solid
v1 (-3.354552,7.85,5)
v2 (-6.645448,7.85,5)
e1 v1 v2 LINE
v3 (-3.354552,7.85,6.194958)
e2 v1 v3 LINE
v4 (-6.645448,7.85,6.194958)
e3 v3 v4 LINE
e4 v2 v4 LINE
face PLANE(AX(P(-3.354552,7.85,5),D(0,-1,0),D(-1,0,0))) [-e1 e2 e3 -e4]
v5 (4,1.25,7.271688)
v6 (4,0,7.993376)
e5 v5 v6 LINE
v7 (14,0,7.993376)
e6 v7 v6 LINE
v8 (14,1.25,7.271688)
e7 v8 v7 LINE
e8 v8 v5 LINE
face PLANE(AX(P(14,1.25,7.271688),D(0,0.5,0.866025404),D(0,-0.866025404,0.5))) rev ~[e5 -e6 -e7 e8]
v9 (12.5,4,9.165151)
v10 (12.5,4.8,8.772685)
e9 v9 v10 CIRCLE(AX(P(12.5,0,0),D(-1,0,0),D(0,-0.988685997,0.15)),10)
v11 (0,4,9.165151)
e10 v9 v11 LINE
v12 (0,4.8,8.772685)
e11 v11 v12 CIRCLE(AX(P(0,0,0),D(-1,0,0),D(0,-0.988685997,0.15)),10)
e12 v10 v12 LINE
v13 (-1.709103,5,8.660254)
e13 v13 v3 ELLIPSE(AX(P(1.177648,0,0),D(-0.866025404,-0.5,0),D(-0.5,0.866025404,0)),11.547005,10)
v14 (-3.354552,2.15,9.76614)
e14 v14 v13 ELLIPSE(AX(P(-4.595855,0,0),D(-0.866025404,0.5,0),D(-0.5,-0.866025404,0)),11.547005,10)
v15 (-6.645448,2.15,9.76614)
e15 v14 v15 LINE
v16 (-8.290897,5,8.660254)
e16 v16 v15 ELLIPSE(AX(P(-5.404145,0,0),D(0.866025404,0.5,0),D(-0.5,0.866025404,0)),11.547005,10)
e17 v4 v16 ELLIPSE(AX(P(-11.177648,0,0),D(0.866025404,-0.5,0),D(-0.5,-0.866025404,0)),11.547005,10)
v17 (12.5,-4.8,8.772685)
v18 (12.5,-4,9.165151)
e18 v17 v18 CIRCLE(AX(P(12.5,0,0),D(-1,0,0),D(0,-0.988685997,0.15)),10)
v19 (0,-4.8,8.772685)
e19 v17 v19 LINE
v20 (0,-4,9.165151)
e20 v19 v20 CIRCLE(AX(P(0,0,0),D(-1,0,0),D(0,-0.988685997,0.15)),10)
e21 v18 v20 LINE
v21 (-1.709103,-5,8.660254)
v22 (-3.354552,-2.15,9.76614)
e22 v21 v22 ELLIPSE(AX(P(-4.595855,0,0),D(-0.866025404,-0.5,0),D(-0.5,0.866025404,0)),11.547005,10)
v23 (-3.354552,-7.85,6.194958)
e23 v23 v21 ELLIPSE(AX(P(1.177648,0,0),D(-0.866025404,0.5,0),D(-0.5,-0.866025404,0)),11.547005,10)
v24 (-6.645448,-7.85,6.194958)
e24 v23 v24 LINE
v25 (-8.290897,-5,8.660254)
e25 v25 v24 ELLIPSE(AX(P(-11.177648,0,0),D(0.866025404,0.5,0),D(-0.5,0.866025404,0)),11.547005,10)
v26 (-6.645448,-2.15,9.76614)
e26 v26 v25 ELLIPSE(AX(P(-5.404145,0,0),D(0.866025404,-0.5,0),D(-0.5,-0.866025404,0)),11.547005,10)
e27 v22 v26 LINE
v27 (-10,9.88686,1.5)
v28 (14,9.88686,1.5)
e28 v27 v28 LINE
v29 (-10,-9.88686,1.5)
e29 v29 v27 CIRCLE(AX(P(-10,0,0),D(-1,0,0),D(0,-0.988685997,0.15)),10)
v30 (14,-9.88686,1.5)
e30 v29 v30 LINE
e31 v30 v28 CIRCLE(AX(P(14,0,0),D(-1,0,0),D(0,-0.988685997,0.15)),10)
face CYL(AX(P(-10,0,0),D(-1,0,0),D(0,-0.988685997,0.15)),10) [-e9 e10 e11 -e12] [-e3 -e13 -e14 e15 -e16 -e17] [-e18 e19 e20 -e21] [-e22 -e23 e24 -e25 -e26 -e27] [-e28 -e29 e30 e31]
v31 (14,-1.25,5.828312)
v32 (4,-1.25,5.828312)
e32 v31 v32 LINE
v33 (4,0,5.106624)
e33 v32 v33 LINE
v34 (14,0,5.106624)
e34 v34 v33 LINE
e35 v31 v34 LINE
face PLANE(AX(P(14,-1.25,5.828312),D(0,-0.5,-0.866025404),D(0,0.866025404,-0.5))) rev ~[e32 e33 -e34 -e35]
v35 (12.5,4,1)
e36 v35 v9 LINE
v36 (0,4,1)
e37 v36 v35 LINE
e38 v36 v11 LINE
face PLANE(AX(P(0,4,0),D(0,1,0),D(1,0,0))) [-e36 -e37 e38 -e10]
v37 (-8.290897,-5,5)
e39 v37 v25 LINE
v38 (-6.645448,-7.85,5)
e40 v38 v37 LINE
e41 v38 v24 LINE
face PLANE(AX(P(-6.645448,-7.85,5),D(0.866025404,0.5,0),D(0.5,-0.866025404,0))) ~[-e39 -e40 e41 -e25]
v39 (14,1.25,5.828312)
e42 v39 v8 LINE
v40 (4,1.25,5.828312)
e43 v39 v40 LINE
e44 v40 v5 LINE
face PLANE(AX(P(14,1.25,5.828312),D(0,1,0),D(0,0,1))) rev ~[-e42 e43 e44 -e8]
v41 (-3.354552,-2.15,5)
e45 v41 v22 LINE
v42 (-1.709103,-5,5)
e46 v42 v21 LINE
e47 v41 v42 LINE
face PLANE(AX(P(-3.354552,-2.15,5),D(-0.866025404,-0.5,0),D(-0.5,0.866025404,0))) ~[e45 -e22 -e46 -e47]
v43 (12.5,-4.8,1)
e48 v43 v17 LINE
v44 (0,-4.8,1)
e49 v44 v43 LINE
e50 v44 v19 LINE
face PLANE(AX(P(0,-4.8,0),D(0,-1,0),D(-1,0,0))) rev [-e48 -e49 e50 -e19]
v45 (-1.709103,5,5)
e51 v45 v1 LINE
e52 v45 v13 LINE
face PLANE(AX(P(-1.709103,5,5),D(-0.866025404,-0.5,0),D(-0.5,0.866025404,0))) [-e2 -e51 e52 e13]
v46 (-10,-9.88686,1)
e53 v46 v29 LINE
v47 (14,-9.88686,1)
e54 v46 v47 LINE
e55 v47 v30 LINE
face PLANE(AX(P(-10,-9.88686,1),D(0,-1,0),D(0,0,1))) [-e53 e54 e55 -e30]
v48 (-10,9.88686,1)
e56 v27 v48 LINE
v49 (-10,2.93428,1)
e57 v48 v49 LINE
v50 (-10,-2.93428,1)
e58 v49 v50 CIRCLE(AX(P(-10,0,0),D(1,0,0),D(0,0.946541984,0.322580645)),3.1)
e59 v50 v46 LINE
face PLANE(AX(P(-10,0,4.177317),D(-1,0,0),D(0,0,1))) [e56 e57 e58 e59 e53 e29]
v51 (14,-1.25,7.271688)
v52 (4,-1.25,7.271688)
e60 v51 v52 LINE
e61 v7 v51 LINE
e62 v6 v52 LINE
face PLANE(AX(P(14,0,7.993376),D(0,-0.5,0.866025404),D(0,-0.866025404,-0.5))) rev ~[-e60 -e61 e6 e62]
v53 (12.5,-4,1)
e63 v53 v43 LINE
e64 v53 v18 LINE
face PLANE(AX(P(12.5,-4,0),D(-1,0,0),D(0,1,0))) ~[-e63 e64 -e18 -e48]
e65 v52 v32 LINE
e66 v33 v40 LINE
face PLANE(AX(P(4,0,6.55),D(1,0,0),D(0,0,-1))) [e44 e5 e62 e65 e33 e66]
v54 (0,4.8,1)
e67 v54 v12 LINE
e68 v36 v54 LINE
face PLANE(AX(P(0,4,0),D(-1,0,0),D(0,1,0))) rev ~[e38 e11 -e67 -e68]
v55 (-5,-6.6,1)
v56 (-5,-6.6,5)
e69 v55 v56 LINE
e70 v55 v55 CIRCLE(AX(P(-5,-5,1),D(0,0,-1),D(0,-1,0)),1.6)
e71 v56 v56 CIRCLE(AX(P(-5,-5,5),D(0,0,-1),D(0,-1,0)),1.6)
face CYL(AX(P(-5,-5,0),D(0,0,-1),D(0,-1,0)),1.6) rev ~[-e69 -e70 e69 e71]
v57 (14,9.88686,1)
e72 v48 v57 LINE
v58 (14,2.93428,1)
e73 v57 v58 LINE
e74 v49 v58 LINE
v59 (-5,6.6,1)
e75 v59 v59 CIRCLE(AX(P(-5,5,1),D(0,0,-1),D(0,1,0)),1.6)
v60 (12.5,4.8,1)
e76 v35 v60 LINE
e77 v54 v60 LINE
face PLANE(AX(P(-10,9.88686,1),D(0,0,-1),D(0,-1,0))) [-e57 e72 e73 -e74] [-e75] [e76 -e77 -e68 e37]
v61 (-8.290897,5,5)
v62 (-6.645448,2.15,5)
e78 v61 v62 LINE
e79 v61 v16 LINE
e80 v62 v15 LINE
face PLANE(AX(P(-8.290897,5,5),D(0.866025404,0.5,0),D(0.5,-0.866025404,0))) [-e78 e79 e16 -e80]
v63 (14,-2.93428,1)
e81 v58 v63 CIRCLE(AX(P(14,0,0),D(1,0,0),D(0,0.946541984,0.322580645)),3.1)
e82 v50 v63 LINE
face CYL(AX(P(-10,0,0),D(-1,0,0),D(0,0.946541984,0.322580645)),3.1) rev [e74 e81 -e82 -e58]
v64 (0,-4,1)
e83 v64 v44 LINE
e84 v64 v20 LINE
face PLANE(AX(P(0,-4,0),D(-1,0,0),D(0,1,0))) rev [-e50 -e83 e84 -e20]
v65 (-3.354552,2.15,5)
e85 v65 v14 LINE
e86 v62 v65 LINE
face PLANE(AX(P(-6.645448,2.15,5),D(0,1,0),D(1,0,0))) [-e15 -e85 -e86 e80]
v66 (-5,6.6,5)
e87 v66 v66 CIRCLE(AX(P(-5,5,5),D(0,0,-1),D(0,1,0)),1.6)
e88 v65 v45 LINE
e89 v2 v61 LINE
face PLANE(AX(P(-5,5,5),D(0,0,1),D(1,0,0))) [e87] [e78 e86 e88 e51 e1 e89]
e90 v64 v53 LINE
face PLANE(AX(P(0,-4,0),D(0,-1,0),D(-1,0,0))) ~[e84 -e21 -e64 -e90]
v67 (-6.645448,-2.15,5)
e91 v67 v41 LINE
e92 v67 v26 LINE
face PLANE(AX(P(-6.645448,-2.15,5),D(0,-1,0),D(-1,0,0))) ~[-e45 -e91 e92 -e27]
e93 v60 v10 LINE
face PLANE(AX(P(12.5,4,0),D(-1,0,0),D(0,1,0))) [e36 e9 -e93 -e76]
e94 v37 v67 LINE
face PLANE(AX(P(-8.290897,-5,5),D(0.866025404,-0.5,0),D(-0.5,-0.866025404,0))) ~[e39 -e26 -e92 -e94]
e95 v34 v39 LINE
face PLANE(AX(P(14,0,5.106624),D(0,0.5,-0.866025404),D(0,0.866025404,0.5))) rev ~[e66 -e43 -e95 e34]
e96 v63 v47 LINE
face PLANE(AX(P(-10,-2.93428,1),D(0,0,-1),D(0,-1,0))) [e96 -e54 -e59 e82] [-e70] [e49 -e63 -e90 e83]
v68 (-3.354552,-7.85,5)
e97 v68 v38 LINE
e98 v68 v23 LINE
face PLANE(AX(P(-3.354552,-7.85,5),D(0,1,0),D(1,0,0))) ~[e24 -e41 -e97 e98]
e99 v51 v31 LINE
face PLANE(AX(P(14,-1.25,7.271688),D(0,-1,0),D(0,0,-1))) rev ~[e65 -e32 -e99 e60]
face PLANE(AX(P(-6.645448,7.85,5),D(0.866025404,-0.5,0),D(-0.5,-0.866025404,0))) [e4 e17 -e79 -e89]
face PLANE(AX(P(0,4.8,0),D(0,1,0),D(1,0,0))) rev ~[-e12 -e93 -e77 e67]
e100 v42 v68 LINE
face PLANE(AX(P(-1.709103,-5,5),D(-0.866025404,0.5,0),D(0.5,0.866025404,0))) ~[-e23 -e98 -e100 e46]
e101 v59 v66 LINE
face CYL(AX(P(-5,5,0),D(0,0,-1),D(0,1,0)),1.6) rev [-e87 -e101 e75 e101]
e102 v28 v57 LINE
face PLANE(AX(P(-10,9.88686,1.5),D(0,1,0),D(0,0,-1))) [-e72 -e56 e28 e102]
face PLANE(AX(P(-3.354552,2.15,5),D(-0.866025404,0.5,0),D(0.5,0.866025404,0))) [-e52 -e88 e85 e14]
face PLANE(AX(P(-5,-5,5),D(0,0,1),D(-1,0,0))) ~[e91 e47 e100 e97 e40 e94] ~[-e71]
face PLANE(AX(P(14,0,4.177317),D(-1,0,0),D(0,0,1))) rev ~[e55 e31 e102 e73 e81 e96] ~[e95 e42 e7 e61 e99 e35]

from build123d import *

# Parameters (mm, degrees)
AUFSATZ_LINEAR_AUSTRAGEN1_DEPTH      = 14
AUFSATZ_LINEAR_AUSTRAGEN1_DEPTH_BACK = 10
SKIZZE2_W                            = 12.5
SKIZZE2_H                            = 0.8
SCHNITT_LINEAR_AUSTRAGEN1_DEPTH      = 20.843134833
SCHNITT_LINEAR_START                 = 5
SCHNITT_LINEAR_AUSTRAGEN2_DEPTH      = 15.843134833
SKIZZE4_R                            = 1.6
SCHNITT_LINEAR_AUSTRAGEN3_DEPTH      = 20.843134833
SCHNITT_LINEAR_START_2               = 14
SCHNITT_LINEAR_AUSTRAGEN4_DEPTH      = 10


with BuildPart() as part:
    # Skizze1 → Aufsatz-Linear austragen1 (new, two sides: drawn at the far end of the back side and taken through both)
    with BuildSketch(Plane(origin=(0, 0, 0), x_dir=(0, 0, -1), z_dir=(1, 0, 0)).offset(-AUFSATZ_LINEAR_AUSTRAGEN1_DEPTH_BACK)):
        with BuildLine():
            Line((-1.5, 9.886859967), (-1, 9.886859967))
            Line((-1, 9.886859967), (-1, 2.93428015))
            ThreePointArc((-1, 2.93428015), (-3.1, 0), (-1, -2.93428015))
            Line((-1, -2.93428015), (-1, -9.886859967))
            Line((-1, -9.886859967), (-1.5, -9.886859967))
            ThreePointArc((-1.5, -9.886859967), (-10, 0), (-1.5, 9.886859967))
        make_face()
    extrude(amount=AUFSATZ_LINEAR_AUSTRAGEN1_DEPTH + AUFSATZ_LINEAR_AUSTRAGEN1_DEPTH_BACK)

    # Skizze2 → Schnitt-Linear austragen1 (cut, through all)
    with BuildSketch(Plane.XY):
        with Locations((6.25, 4.4)):
            Rectangle(SKIZZE2_W, SKIZZE2_H)
    schnitt_linear_austragen1 = extrude(amount=SCHNITT_LINEAR_AUSTRAGEN1_DEPTH, mode=Mode.SUBTRACT)

    # Skizze3 → Schnitt-Linear austragen2 (cut, through all)
    with BuildSketch(Plane.XY.offset(SCHNITT_LINEAR_START)):
        Polygon((-3.354551733, 2.15), (-1.709103466, 5), (-3.354551733, 7.85), (-6.645448267, 7.85), (-8.290896534, 5), (-6.645448267, 2.15), align=None)
    schnitt_linear_austragen2 = extrude(amount=SCHNITT_LINEAR_AUSTRAGEN2_DEPTH, mode=Mode.SUBTRACT)

    # Skizze4 → Schnitt-Linear austragen3 (cut, through all)
    with BuildSketch(Plane.XY):
        with Locations(Location((-5, 5, 0), (0, 0, 90))):
            Circle(SKIZZE4_R)
    schnitt_linear_austragen3 = extrude(amount=SCHNITT_LINEAR_AUSTRAGEN3_DEPTH, mode=Mode.SUBTRACT)

    # Spiegeln1: Schnitt-Linear austragen1, Schnitt-Linear austragen2, Schnitt-Linear austragen3 across plane
    add(schnitt_linear_austragen1.mirror(Plane.ZX), mode=Mode.SUBTRACT)
    add(schnitt_linear_austragen2.mirror(Plane.ZX), mode=Mode.SUBTRACT)
    add(schnitt_linear_austragen3.mirror(Plane.ZX), mode=Mode.SUBTRACT)

    # Skizze6 → Schnitt-Linear austragen4 (cut)
    with BuildSketch(Plane(origin=(0, 0, 0), x_dir=(0, 0, -1), z_dir=(1, 0, 0)).offset(SCHNITT_LINEAR_START_2)):
        Polygon((-5.828312164, 1.25), (-7.271687836, 1.25), (-7.993375673, 0), (-7.271687836, -1.25), (-5.828312164, -1.25), (-5.106624327, 0), align=None)
    extrude(amount=-SCHNITT_LINEAR_AUSTRAGEN4_DEPTH, mode=Mode.SUBTRACT)


solid = part.part
